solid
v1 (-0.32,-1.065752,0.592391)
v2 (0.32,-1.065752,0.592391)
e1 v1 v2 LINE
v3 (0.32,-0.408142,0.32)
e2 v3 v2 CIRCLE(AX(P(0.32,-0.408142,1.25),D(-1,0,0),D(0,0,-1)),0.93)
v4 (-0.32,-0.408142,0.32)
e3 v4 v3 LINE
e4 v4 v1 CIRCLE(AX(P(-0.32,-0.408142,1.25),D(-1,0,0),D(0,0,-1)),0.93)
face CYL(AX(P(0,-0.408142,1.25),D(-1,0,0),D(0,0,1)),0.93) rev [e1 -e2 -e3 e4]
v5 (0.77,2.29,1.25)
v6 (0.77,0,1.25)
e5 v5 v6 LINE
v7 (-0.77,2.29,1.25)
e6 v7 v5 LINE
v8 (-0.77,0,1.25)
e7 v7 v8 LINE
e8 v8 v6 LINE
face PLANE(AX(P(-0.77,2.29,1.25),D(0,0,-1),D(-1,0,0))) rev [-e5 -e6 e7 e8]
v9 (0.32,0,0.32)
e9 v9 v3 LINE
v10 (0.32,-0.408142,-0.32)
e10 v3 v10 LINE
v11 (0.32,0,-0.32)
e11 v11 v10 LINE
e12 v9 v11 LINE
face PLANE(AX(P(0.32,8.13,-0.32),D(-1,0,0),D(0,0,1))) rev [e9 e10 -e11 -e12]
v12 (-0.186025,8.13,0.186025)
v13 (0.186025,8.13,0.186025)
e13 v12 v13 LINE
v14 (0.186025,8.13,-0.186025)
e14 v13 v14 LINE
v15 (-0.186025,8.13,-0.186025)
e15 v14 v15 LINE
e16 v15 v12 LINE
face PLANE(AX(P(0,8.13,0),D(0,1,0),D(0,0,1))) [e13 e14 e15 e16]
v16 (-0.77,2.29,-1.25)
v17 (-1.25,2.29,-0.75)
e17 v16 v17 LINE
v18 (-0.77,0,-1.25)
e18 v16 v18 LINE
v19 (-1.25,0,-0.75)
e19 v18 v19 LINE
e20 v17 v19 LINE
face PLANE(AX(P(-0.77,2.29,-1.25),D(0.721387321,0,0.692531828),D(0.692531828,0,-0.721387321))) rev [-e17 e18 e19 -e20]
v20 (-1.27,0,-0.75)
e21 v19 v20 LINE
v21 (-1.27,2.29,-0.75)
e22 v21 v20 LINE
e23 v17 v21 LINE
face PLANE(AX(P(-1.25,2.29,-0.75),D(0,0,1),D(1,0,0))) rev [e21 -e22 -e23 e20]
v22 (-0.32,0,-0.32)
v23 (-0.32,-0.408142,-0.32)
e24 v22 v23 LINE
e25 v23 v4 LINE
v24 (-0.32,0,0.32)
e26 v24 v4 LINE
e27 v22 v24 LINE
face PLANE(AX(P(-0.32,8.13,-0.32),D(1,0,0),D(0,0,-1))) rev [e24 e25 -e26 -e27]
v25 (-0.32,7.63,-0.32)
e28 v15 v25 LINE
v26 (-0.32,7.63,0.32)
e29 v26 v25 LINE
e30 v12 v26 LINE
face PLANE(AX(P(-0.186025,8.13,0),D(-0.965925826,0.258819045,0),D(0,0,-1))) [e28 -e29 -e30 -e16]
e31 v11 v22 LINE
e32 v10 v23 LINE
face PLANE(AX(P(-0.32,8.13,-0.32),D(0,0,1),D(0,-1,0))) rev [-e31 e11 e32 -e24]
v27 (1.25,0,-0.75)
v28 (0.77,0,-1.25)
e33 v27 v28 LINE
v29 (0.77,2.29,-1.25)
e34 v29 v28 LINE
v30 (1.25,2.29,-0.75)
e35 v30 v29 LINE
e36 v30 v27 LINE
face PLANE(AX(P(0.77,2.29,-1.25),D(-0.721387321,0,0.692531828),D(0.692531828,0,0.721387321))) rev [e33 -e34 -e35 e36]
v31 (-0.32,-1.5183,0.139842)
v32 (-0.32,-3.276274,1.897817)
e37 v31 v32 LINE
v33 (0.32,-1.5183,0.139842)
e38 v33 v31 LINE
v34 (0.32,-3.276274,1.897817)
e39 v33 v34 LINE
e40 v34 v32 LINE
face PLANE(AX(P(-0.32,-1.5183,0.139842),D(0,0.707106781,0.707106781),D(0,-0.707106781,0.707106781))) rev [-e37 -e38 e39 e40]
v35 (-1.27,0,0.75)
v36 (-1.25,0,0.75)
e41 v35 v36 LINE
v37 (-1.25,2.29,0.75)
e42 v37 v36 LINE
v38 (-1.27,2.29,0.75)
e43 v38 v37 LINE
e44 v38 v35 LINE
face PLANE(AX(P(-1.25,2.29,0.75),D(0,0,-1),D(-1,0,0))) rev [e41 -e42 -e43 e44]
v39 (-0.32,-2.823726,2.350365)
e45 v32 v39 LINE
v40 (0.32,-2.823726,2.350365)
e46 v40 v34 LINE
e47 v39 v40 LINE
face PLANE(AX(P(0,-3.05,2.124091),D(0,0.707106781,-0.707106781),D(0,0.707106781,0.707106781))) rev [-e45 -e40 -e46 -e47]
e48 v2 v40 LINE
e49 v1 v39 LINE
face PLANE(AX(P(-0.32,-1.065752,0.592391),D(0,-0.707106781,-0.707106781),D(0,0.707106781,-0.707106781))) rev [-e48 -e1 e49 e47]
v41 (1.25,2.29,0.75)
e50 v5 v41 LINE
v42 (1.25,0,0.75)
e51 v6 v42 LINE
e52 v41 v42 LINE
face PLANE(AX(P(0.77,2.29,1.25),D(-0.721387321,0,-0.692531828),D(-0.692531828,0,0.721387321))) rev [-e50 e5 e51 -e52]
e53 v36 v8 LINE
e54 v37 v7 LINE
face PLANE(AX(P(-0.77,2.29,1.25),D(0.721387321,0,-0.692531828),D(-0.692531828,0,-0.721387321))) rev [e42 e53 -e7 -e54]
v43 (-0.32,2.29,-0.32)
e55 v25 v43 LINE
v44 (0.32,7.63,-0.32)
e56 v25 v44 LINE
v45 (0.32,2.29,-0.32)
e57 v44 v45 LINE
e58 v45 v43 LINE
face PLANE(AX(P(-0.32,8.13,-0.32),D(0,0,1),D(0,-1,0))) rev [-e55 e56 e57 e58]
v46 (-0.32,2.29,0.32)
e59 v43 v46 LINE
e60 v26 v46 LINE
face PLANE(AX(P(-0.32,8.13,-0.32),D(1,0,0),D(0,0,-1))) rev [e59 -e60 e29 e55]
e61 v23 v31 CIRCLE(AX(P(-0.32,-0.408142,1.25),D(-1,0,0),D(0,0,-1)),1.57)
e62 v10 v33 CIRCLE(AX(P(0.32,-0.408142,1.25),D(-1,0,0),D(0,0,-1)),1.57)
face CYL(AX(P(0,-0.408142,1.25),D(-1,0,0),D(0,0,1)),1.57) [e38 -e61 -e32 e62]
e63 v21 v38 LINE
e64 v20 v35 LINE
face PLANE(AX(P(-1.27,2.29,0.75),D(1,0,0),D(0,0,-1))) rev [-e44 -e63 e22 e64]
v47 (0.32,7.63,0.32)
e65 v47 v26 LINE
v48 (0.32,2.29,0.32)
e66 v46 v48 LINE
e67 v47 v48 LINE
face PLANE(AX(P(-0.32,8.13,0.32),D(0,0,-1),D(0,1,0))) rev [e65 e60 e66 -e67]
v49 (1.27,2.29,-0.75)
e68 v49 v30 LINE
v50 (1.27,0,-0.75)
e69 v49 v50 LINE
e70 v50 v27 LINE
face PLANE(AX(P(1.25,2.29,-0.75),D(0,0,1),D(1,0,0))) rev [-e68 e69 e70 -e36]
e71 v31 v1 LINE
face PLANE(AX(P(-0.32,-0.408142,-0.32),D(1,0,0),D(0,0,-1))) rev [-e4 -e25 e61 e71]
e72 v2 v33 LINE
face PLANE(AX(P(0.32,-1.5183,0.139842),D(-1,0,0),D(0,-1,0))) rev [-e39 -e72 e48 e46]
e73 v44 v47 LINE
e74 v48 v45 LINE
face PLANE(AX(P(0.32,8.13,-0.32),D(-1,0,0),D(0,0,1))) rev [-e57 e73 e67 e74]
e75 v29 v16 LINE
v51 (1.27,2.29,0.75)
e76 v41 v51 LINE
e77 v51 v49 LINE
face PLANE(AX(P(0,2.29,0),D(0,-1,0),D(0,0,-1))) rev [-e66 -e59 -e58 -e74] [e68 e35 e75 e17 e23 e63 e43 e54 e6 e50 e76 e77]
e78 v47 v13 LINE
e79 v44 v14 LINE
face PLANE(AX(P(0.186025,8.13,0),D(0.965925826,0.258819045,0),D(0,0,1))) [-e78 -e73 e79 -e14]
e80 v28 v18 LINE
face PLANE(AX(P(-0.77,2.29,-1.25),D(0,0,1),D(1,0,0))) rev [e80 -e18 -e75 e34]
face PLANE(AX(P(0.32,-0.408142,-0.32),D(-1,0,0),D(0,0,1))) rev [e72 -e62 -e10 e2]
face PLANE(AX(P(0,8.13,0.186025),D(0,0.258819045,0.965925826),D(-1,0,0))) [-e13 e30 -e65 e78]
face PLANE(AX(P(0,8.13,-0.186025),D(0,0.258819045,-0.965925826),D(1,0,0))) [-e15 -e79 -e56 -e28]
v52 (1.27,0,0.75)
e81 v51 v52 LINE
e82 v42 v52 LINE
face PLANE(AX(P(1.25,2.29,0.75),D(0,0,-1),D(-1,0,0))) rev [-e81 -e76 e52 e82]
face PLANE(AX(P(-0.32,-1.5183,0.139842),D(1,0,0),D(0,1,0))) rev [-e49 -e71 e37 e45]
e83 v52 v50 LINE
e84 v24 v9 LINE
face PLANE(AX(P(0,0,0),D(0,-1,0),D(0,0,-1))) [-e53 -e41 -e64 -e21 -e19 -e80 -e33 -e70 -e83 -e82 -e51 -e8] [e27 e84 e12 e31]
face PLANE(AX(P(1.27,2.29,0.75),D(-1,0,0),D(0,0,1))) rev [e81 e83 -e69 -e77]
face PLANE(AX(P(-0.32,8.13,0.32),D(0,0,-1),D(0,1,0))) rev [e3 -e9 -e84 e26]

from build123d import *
from OCP.BRepFilletAPI import BRepFilletAPI_MakeChamfer

# Parameters (mm, degrees)
BOSS_EXTRUDE1_DEPTH = 2.29
SKETCH3_W           = 0.64
SKETCH3_H           = 0.64
CHAMFER3_SIZE       = 0.5
CHAMFER3_SIZE2      = 0.133974596


with BuildPart() as part:
    # Sketch1 → Boss-Extrude1 (new body)
    with BuildSketch(Plane(origin=(0, 0, 0), x_dir=(1, 0, 0), z_dir=(0, 1, 0))):
        Polygon((-0.77, 1.25), (0.77, 1.25), (1.25, 0.75), (1.27, 0.75), (1.27, -0.75), (1.25, -0.75), (0.77, -1.25), (-0.77, -1.25), (-1.25, -0.75), (-1.27, -0.75), (-1.27, 0.75), (-1.25, 0.75), align=None)
    extrude(amount=BOSS_EXTRUDE1_DEPTH)

    # Sweep1: sweep along a path in Sketch2
    with BuildLine(Plane(origin=(0, 0, 0), x_dir=(0, 0, -1), z_dir=(1, 0, 0))) as sweep1_path:
        Line((0, 8.13), (0, -0.408142235))
        ThreePointArc((0, -0.408142235), (-0.095150584, -0.886496526), (-0.366116524, -1.292025712))
        Line((-0.366116524, -1.292025712), (-2.124090812, -3.05))
    # Sketch3 → Sweep1 (sweep)
    with BuildSketch(Plane(origin=(0, 8.13, 0), x_dir=(1, 0, 0), z_dir=(0, 1, 0))):
        Rectangle(SKETCH3_W, SKETCH3_H)
    sweep(path=sweep1_path.line)

    # Chamfer3: one chamfer whose edges measure the first distance from different faces: ONE call of the kernel's chamfer builder (chamfer() names one face for all edges)
    chamfer3_edges_1 = [part.edges().sort_by_distance(p)[0] for p in [
        (0.32, 8.13, 0),
    ]]
    chamfer3_side_1 = [part.faces().sort_by_distance(p)[0] for p in [
        (0.32, 5.21, 0),
    ]]
    chamfer3_edges_2 = [part.edges().sort_by_distance(p)[0] for p in [
        (0, 8.13, -0.32),
    ]]
    chamfer3_side_2 = [part.faces().sort_by_distance(p)[0] for p in [
        (0, 5.21, -0.32),
    ]]
    chamfer3_edges_3 = [part.edges().sort_by_distance(p)[0] for p in [
        (-0.32, 8.13, 0),
    ]]
    chamfer3_side_3 = [part.faces().sort_by_distance(p)[0] for p in [
        (-0.32, 5.21, 0),
    ]]
    chamfer3_edges_4 = [part.edges().sort_by_distance(p)[0] for p in [
        (0, 8.13, 0.32),
    ]]
    chamfer3_side_4 = [part.faces().sort_by_distance(p)[0] for p in [
        (0, 5.21, 0.32),
    ]]
    chamfer3 = BRepFilletAPI_MakeChamfer(part.part.solid().wrapped)
    for e in chamfer3_edges_1:
        chamfer3.Add(CHAMFER3_SIZE, CHAMFER3_SIZE2, e.wrapped, chamfer3_side_1[0].wrapped)  # the first distance lies on this face
    for e in chamfer3_edges_2:
        chamfer3.Add(CHAMFER3_SIZE, CHAMFER3_SIZE2, e.wrapped, chamfer3_side_2[0].wrapped)  # the first distance lies on this face
    for e in chamfer3_edges_3:
        chamfer3.Add(CHAMFER3_SIZE, CHAMFER3_SIZE2, e.wrapped, chamfer3_side_3[0].wrapped)  # the first distance lies on this face
    for e in chamfer3_edges_4:
        chamfer3.Add(CHAMFER3_SIZE, CHAMFER3_SIZE2, e.wrapped, chamfer3_side_4[0].wrapped)  # the first distance lies on this face
    add(Compound.cast(chamfer3.Shape()), mode=Mode.REPLACE)


solid = part.part
